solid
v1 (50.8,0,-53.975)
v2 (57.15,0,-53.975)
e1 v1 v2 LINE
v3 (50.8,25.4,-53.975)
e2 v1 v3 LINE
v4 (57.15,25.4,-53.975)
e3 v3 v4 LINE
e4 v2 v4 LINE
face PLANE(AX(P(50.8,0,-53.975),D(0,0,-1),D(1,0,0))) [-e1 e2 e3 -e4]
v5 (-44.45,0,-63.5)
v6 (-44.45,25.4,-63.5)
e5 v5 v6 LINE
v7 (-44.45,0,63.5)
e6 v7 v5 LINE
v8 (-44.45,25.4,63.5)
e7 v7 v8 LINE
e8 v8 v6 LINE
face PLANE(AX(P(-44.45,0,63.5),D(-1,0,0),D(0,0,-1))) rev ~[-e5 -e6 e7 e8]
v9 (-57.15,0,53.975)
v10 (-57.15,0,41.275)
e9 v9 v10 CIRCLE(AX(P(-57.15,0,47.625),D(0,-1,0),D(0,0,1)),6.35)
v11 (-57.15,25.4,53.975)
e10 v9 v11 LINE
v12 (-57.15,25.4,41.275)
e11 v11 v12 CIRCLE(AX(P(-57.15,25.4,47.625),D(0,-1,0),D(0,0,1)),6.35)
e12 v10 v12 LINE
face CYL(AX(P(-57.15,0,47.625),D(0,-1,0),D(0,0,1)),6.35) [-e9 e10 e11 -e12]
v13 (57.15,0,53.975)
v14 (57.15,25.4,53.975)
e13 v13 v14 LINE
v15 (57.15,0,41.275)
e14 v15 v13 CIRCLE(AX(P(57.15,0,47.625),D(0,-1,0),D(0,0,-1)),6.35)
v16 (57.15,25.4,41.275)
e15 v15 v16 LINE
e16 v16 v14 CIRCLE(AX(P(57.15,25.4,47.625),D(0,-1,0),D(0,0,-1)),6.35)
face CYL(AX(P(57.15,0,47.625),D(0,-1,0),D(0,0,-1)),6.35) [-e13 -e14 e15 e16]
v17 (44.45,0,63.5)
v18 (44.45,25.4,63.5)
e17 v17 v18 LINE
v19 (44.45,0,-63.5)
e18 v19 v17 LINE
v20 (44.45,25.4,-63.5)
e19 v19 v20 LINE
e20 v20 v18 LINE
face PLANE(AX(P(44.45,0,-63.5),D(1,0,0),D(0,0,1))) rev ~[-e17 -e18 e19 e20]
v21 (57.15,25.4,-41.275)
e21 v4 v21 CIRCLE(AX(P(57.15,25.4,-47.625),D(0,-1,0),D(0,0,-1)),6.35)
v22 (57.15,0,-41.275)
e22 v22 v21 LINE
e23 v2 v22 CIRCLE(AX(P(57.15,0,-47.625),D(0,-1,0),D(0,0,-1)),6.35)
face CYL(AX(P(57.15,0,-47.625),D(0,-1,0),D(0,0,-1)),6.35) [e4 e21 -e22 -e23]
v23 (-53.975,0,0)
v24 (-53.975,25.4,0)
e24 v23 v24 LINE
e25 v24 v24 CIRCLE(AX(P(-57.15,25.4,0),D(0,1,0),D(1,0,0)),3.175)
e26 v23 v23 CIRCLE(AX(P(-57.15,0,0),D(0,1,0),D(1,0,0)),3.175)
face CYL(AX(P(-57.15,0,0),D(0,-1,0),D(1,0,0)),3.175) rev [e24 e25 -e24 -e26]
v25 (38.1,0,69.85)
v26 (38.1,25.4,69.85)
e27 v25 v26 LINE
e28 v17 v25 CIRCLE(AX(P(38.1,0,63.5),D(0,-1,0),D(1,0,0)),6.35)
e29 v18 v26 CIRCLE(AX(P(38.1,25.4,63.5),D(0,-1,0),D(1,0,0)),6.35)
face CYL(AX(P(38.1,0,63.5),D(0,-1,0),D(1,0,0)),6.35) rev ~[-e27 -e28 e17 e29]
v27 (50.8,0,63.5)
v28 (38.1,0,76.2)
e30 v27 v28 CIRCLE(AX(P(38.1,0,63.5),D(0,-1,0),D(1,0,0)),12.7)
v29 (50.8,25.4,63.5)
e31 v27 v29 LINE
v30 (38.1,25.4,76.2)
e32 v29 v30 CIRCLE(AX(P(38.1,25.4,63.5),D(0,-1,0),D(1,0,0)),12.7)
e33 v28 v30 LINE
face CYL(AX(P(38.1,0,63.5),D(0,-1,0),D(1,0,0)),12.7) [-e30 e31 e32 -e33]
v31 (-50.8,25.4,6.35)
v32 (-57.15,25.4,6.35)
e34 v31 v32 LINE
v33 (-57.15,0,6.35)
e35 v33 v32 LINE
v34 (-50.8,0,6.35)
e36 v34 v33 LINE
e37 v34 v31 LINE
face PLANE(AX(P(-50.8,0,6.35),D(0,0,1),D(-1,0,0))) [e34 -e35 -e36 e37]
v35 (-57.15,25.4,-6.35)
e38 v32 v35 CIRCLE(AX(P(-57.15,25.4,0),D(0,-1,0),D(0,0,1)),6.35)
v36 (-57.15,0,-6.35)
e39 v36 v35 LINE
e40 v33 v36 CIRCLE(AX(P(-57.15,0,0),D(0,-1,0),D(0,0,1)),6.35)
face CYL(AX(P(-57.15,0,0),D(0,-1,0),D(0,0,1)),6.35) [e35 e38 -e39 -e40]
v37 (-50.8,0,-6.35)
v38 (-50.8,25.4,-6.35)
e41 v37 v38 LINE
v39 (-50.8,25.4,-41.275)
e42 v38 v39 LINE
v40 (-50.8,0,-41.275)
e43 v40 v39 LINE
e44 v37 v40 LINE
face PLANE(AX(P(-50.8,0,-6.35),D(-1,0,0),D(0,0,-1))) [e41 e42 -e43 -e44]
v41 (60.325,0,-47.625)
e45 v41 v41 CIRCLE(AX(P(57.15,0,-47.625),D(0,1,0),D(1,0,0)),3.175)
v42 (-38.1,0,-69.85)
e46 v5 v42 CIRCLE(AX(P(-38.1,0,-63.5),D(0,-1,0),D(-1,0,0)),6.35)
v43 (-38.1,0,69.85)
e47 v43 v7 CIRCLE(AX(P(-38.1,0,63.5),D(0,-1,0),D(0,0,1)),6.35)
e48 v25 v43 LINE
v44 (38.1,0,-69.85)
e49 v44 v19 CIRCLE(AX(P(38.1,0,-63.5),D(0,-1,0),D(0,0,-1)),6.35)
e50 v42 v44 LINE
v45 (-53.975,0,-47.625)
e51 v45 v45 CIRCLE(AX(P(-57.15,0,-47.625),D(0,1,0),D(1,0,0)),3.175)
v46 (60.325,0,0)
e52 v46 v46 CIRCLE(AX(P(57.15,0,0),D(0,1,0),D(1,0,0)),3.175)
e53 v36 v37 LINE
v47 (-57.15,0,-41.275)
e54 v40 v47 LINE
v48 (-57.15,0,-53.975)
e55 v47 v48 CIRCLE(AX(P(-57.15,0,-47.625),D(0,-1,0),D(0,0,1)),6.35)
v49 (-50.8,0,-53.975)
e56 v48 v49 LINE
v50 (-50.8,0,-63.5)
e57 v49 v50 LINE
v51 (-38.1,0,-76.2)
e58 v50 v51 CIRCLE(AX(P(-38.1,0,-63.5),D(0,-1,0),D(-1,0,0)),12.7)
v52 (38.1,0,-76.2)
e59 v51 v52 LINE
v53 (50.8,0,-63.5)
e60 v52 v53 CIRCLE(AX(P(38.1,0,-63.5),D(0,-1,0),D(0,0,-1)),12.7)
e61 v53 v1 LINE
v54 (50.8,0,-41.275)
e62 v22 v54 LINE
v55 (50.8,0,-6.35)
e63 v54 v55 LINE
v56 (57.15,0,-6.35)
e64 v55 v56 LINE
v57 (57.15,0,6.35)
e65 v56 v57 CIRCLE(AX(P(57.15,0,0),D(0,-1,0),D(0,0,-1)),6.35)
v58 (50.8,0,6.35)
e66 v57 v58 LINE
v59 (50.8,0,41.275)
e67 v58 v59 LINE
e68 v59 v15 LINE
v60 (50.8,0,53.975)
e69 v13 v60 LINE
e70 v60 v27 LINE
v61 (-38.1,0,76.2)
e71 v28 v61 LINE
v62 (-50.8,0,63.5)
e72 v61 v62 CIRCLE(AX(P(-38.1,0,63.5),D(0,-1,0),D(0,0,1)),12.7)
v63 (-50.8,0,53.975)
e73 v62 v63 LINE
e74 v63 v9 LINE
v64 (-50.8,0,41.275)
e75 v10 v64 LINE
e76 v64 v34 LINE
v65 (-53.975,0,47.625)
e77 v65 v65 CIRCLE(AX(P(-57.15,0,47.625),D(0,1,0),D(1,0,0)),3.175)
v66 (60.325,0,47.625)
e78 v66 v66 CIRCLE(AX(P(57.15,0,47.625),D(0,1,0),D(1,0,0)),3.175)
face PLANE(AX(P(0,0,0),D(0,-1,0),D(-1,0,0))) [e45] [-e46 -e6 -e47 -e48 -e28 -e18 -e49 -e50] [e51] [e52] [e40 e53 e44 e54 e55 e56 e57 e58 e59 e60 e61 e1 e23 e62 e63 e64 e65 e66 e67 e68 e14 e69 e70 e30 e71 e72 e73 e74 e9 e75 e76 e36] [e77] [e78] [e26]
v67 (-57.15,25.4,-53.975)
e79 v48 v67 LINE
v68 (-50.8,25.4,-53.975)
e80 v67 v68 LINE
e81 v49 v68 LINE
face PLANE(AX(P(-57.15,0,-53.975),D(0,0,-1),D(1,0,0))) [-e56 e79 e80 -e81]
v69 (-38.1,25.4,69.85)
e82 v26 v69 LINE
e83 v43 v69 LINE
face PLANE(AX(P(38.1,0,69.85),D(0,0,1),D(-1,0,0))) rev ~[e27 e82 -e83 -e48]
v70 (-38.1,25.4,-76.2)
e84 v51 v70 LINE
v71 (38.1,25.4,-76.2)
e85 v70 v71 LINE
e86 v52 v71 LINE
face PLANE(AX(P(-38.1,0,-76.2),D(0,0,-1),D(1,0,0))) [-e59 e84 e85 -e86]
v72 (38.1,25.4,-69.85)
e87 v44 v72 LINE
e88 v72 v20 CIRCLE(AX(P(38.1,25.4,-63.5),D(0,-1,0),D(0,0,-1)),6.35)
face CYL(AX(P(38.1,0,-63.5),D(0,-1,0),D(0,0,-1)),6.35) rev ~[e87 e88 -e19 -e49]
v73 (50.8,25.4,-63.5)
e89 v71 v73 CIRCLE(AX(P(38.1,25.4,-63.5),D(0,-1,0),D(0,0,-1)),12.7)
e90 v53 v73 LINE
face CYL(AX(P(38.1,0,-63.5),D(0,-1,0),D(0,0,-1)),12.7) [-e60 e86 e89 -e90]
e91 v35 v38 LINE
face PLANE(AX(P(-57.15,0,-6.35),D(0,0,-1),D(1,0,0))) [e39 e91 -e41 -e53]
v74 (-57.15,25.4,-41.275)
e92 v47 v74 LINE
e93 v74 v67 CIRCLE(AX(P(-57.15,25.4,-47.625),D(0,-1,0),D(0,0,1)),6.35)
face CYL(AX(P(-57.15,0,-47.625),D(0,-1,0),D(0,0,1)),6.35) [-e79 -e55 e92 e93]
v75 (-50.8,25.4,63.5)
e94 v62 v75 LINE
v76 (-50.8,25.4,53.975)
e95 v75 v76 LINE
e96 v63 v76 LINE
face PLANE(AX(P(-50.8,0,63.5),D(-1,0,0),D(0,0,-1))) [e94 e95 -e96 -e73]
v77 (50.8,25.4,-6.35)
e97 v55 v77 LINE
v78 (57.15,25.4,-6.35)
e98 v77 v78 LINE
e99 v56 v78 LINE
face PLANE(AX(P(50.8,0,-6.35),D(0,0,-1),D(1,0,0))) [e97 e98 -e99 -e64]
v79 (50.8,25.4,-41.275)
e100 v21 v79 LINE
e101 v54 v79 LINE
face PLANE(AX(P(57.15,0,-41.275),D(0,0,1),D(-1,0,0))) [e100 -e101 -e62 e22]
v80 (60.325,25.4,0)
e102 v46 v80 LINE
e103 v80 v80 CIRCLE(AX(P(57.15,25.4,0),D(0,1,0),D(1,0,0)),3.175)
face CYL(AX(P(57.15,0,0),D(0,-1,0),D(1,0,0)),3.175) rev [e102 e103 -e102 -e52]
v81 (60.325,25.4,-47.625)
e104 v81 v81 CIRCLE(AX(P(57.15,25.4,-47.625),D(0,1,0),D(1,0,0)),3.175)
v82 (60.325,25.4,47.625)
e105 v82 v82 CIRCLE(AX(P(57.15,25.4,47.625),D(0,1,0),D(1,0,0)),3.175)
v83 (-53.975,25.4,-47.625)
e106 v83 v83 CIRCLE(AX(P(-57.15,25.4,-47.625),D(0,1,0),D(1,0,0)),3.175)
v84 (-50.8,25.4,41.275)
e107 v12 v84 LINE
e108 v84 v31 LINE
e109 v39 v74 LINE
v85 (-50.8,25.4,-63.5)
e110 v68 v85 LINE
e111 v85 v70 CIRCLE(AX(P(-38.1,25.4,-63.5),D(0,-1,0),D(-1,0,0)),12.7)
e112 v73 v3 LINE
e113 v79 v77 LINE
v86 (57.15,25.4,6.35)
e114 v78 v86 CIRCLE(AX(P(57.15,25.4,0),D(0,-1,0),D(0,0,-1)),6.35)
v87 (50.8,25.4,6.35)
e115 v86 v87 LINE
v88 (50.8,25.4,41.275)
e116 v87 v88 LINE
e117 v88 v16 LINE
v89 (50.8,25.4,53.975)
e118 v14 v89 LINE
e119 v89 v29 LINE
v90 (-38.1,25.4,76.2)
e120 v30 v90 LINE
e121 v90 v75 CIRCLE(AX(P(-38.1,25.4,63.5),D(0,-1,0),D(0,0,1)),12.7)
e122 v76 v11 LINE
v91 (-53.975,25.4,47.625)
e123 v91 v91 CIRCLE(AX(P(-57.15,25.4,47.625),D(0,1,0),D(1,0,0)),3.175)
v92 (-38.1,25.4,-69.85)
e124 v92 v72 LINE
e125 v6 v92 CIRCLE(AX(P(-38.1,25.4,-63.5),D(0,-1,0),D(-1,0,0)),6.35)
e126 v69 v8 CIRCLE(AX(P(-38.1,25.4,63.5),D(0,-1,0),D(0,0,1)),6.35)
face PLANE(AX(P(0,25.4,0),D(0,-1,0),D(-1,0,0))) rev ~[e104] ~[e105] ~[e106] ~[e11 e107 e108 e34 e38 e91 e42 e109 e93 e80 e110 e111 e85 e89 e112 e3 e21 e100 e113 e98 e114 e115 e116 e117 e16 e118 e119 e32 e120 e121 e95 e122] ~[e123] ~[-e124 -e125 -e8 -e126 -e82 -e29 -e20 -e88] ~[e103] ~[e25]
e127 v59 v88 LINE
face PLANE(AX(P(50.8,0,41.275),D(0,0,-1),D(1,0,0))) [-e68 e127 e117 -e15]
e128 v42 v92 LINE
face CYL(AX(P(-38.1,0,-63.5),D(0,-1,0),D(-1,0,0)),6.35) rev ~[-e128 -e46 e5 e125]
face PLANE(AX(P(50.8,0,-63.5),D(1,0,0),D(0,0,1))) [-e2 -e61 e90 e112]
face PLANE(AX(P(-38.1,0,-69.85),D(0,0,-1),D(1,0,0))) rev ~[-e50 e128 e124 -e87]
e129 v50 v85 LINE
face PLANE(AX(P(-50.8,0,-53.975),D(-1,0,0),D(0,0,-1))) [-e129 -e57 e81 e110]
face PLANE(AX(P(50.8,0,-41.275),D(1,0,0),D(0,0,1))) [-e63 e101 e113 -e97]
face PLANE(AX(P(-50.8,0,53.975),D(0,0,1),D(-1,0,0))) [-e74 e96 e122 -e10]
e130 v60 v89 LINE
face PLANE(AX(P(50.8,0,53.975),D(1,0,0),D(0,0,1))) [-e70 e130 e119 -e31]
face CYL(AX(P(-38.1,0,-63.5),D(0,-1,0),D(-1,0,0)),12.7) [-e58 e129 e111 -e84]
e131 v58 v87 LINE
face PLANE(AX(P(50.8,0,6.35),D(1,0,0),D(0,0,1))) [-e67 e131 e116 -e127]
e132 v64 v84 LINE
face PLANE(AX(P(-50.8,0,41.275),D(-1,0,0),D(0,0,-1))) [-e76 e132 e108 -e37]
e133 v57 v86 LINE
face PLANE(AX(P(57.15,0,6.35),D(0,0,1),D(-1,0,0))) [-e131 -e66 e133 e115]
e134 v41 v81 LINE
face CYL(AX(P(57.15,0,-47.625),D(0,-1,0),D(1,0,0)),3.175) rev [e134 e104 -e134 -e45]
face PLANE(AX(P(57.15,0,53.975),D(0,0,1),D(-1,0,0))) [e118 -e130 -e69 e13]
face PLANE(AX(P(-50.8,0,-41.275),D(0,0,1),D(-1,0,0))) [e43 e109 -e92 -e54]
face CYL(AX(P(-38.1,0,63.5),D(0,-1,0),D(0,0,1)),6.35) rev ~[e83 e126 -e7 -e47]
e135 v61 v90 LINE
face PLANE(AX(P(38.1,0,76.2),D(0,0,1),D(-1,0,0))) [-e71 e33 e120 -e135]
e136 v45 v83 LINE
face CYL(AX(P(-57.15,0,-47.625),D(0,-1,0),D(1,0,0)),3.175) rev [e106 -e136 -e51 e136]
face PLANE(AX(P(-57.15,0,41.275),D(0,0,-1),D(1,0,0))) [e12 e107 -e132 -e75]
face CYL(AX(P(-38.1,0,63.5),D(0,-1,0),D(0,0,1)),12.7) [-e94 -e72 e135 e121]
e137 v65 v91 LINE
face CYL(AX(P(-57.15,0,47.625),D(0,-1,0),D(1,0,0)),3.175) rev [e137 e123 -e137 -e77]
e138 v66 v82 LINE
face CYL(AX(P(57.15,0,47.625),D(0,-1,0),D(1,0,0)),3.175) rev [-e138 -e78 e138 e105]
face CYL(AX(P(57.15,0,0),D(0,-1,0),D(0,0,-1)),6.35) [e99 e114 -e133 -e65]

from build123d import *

# Parameters (mm, degrees)
SKETCH1_R           = 3.175
BOSS_EXTRUDE1_DEPTH = 25.4


with BuildPart() as part:
    # Sketch1 → Boss-Extrude1 (new body)
    with BuildSketch(Plane(origin=(0, 0, 0), x_dir=(1, 0, 0), z_dir=(0, 1, 0))):
        with BuildLine():
            Line((0, 76.2), (38.1, 76.2))
            ThreePointArc((38.1, 76.2), (47.080256121, 72.480256121), (50.8, 63.5))
            Line((50.8, 63.5), (50.8, 53.975))
            Line((50.8, 53.975), (57.15, 53.975))
            ThreePointArc((57.15, 53.975), (63.5, 47.625), (57.15, 41.275))
            Line((57.15, 41.275), (50.8, 41.275))
            Line((50.8, 41.275), (50.8, 6.35))
            Line((50.8, 6.35), (57.15, 6.35))
            ThreePointArc((57.15, 6.35), (63.5, 0), (57.15, -6.35))
            Line((57.15, -6.35), (50.8, -6.35))
            Line((50.8, -6.35), (50.8, -41.275))
            Line((50.8, -41.275), (57.15, -41.275))
            ThreePointArc((57.15, -41.275), (63.5, -47.625), (57.15, -53.975))
            Line((57.15, -53.975), (50.8, -53.975))
            Line((50.8, -53.975), (50.8, -63.5))
            ThreePointArc((50.8, -63.5), (47.080256121, -72.480256121), (38.1, -76.2))
            Line((38.1, -76.2), (-4.318973468, -76.2))
            Line((-4.318973468, -76.2), (-38.1, -76.2))
            ThreePointArc((-38.1, -76.2), (-47.080256121, -72.480256121), (-50.8, -63.5))
            Line((-50.8, -63.5), (-50.8, -53.975))
            Line((-50.8, -53.975), (-57.15, -53.975))
            ThreePointArc((-57.15, -53.975), (-63.5, -47.625), (-57.15, -41.275))
            Line((-57.15, -41.275), (-50.8, -41.275))
            Line((-50.8, -41.275), (-50.8, -6.35))
            Line((-50.8, -6.35), (-57.15, -6.35))
            ThreePointArc((-57.15, -6.35), (-63.5, 0), (-57.15, 6.35))
            Line((-57.15, 6.35), (-50.8, 6.35))
            Line((-50.8, 6.35), (-50.8, 41.275))
            Line((-50.8, 41.275), (-57.15, 41.275))
            ThreePointArc((-57.15, 41.275), (-63.5, 47.625), (-57.15, 53.975))
            Line((-57.15, 53.975), (-50.8, 53.975))
            Line((-50.8, 53.975), (-50.8, 63.5))
            ThreePointArc((-50.8, 63.5), (-47.080256121, 72.480256121), (-38.1, 76.2))
            Line((-38.1, 76.2), (0, 76.2))
        make_face()
        with Locations((57.15, 47.625)):
            Circle(SKETCH1_R, mode=Mode.SUBTRACT)
        with Locations((57.15, 0)):
            Circle(SKETCH1_R, mode=Mode.SUBTRACT)
        with Locations((57.15, -47.625)):
            Circle(SKETCH1_R, mode=Mode.SUBTRACT)
        with Locations((-57.15, -47.625)):
            Circle(SKETCH1_R, mode=Mode.SUBTRACT)
        with Locations((-57.15, 47.625)):
            Circle(SKETCH1_R, mode=Mode.SUBTRACT)
        with Locations((-57.15, 0)):
            Circle(SKETCH1_R, mode=Mode.SUBTRACT)
        with BuildLine():
            Line((0, 69.85), (38.1, 69.85))
            ThreePointArc((38.1, 69.85), (42.590128061, 67.990128061), (44.45, 63.5))
            Line((44.45, 63.5), (44.45, -63.5))
            ThreePointArc((44.45, -63.5), (42.590128061, -67.990128061), (38.1, -69.85))
            Line((38.1, -69.85), (-4.318973468, -69.85))
            Line((-4.318973468, -69.85), (-38.1, -69.85))
            ThreePointArc((-38.1, -69.85), (-42.590128061, -67.990128061), (-44.45, -63.5))
            Line((-44.45, -63.5), (-44.45, 63.5))
            ThreePointArc((-44.45, 63.5), (-42.590128061, 67.990128061), (-38.1, 69.85))
            Line((-38.1, 69.85), (0, 69.85))
        make_face(mode=Mode.SUBTRACT)
    extrude(amount=BOSS_EXTRUDE1_DEPTH)


solid = part.part
